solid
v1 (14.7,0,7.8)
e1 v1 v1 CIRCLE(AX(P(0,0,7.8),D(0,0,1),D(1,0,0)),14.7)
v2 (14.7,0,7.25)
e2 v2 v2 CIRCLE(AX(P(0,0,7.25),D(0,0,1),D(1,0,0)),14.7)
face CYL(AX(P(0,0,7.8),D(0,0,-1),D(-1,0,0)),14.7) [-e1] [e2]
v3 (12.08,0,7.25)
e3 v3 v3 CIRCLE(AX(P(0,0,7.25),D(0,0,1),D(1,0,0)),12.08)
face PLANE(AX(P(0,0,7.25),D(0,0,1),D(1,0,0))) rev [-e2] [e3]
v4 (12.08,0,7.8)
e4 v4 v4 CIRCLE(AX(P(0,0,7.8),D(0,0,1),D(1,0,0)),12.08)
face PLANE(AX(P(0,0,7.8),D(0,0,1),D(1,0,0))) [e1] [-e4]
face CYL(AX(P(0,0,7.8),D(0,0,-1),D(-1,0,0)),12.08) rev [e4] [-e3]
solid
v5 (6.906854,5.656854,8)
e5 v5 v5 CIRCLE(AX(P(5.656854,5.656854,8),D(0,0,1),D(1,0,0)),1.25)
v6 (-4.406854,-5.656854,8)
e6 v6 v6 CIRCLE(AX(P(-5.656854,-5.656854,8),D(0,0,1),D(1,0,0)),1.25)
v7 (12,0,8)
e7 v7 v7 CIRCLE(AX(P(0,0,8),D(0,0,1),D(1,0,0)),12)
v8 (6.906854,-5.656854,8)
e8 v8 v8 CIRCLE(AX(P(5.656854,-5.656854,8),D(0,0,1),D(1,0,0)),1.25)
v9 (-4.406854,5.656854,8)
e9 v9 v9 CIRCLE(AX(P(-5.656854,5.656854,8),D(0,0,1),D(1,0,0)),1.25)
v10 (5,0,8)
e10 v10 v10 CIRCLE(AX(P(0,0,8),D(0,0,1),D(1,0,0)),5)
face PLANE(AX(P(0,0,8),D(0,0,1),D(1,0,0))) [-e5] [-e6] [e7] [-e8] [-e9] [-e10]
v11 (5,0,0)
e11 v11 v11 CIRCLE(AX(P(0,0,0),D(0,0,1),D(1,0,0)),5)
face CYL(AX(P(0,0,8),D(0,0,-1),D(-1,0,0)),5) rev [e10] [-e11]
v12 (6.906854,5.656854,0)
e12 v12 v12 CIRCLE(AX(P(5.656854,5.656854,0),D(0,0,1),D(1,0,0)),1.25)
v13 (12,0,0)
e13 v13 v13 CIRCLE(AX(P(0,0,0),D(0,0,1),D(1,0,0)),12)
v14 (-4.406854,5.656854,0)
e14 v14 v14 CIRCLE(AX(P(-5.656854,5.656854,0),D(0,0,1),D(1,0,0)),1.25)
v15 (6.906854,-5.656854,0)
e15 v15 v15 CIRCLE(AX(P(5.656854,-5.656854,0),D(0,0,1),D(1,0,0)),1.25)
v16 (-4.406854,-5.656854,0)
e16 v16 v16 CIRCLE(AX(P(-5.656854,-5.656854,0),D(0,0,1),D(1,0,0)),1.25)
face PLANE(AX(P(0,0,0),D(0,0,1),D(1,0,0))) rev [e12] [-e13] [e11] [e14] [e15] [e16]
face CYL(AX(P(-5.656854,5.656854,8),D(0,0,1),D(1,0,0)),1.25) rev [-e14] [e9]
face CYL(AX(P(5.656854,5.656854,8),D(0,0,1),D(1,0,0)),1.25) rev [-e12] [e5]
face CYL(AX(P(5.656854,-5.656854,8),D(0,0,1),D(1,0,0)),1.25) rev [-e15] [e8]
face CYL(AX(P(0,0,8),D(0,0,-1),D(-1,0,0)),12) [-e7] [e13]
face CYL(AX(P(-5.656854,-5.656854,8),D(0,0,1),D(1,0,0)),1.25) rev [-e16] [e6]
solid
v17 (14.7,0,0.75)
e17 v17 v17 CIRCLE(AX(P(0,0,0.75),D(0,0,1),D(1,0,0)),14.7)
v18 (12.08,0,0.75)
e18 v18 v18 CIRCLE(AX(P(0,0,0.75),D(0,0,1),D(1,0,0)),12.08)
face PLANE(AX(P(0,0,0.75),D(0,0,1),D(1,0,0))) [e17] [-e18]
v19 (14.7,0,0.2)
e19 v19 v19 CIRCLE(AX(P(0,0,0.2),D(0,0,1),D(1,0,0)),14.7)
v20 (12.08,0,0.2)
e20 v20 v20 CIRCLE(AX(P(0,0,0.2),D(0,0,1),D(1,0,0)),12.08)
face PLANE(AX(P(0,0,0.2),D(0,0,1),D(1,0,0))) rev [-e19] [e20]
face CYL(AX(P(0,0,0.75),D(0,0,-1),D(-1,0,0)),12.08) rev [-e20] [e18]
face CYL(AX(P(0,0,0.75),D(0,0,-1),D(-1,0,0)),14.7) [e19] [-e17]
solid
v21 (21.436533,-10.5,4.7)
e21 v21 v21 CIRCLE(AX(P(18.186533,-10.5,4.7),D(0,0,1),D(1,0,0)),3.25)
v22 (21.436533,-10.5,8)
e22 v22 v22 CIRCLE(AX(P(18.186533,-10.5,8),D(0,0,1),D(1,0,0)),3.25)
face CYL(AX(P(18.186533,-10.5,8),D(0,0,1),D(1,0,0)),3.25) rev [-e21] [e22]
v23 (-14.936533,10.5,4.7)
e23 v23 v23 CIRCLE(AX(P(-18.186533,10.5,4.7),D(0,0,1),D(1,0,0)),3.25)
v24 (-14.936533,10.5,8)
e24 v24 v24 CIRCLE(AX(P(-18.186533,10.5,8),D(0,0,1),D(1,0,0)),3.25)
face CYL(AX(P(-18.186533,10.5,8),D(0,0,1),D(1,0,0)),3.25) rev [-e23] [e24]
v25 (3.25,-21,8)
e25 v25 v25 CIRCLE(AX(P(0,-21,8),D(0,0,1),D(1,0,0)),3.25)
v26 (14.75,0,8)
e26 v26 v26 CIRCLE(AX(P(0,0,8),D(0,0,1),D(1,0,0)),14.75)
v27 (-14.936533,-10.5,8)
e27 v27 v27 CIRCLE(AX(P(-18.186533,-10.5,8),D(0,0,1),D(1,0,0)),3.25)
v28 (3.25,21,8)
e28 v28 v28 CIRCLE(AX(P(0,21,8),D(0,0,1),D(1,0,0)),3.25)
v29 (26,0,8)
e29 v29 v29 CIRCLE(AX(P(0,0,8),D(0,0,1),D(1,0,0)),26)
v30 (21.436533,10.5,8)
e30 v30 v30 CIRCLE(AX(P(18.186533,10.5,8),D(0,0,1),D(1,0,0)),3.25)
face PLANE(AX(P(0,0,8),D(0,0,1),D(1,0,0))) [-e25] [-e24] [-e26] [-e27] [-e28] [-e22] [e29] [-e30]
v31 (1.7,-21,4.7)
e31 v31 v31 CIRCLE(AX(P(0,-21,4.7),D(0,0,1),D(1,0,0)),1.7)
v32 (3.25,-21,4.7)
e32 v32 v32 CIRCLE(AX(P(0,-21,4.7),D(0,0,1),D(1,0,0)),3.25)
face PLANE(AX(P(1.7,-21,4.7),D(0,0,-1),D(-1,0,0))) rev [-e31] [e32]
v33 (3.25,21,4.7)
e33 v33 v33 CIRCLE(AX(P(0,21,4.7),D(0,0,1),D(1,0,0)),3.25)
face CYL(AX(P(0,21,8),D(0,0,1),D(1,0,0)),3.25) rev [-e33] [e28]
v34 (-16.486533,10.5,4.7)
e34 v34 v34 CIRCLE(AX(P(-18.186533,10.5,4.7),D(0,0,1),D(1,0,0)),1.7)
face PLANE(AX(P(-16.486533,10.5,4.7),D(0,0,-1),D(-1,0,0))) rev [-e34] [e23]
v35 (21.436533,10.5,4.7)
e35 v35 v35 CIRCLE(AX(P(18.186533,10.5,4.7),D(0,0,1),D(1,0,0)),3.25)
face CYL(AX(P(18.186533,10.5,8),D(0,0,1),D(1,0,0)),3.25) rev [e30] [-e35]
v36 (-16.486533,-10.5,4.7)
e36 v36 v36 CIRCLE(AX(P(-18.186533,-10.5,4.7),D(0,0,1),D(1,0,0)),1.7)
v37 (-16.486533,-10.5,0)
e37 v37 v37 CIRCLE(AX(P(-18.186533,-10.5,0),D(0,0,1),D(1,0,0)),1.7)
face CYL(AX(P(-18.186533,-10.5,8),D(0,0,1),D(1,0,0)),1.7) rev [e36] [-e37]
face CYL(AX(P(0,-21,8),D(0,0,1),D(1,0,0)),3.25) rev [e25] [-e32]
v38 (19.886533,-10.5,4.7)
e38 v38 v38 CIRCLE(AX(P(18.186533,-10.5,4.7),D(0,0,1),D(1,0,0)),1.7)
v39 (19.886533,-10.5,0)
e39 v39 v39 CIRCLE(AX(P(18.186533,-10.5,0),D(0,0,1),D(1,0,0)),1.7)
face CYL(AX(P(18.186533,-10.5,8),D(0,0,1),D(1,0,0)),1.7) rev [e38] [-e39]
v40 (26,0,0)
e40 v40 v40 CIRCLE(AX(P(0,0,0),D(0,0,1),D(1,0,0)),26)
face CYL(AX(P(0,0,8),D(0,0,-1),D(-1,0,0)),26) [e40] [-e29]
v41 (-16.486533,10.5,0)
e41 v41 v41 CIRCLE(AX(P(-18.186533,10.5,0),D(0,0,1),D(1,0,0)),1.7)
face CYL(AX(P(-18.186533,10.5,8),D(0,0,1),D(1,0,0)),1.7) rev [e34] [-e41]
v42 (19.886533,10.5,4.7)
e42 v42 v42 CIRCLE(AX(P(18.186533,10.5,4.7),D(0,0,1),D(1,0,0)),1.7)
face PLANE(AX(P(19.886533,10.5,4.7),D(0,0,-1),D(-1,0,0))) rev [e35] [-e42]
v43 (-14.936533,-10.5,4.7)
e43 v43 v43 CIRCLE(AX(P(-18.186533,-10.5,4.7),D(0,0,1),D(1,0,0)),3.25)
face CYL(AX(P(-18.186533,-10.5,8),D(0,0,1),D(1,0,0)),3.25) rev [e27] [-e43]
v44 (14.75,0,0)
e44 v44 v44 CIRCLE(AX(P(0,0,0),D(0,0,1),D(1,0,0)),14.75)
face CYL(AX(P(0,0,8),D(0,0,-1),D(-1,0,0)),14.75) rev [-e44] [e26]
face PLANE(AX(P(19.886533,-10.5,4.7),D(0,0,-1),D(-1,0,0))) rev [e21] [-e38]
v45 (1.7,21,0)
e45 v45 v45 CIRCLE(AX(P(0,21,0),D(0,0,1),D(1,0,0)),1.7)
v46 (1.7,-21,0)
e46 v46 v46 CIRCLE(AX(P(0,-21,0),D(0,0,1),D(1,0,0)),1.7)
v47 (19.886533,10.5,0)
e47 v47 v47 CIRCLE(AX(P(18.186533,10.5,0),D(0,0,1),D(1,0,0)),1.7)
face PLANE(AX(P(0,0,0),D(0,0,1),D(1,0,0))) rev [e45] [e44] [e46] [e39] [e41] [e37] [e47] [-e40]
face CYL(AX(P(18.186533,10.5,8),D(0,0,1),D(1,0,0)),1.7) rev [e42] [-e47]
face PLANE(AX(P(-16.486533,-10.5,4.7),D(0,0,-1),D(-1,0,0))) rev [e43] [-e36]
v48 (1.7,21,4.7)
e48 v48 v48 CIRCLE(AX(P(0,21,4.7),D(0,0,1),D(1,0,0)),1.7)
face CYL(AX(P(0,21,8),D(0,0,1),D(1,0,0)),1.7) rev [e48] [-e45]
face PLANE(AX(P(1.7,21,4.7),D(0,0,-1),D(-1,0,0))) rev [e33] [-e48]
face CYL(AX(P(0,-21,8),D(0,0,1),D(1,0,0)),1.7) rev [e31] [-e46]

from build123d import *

# Parameters (mm, degrees)
D52_D29_5_8_2_R                    = 26
D52_D29_5_8_2_R_2                  = 14.75
D52_D29_5_8_DEPTH                  = 8
D10_D24_8_2_R                      = 12
D10_D24_8_2_R_2                    = 5
D10_D24_8_DEPTH                    = 8
F_6XD3_4_D6_5_3_3_PCD42_AT_2_COUNT = 2
F_6XD3_4_D6_5_3_3_PCD42_AT_2_PITCH = 21
F_6XD3_4_D6_5_3_3_PCD42_AT_3_COUNT = 2
F_6XD3_4_D6_5_3_3_PCD42_AT_3_PITCH = 36.373066959
F_6XD3_4_D6_5_3_3_PCD42_AT_4_COUNT = 2
F_6XD3_4_D6_5_3_3_PCD42_AT_4_PITCH = 42
F_6XD3_4_D6_5_3_3_PCD42_AT_5_COUNT = 2
F_6XD3_4_D6_5_3_3_PCD42_AT_5_PITCH = 36.373066959
F_6XD3_4_D6_5_3_3_PCD42_AT_6_COUNT = 2
F_6XD3_4_D6_5_3_3_PCD42_AT_6_PITCH = 21
SKETCH_6_W                         = 1.25
SKETCH_6_H                         = 8
F_4XM3X0_5_PCD16_AT_2_COUNT        = 2
F_4XM3X0_5_PCD16_AT_2_PITCH        = 11.313708499
F_4XM3X0_5_PCD16_AT_3_COUNT        = 2
F_4XM3X0_5_PCD16_AT_3_PITCH        = 16
F_4XM3X0_5_PCD16_AT_4_COUNT        = 2
F_4XM3X0_5_PCD16_AT_4_PITCH        = 11.313708499
EXTRUDE_START                      = 7.25
SKETCH_2073_R                      = 14.7
SKETCH_2073_R_2                    = 12.08
EXTRUDE_2084_DEPTH                 = 0.55
EXTRUDE_START_2                    = 0.2
SKETCH_2121_R                      = 14.7
SKETCH_2121_R_2                    = 12.08
EXTRUDE_2132_DEPTH                 = 0.55


with BuildPart() as part:
    # D52__D29.5__8 2 → D52__D29.5__8 (new body)
    with BuildSketch(Plane.XY):
        Circle(D52_D29_5_8_2_R)
        Circle(D52_D29_5_8_2_R_2, mode=Mode.SUBTRACT)
    extrude(amount=D52_D29_5_8_DEPTH)

    # 草图4 → 外圈_6xD3.4通孔_D6.5沉孔深3.3_PCD42 (revolve, cut)
    with BuildSketch(Plane(origin=(18.186533479, 10.5, 8), x_dir=(0, -1, 0), z_dir=(1, 0, 0))):
        Polygon((0, 0), (0, 8), (1.7, 8), (1.7, 3.3), (3.25, 3.3), (3.25, 0), align=None)
    f_6xd3_4_d6_5_3_3_pcd42 = revolve(axis=Axis((18.186533479, 10.5, 14.35), (0, 0, -1)), mode=Mode.SUBTRACT)

    # 外圈_6xD3.4通孔_D6.5沉孔深3.3_PCD42 at 2: 外圈_6xD3.4通孔_D6.5沉孔深3.3_PCD42 ×2
    with Locations(*[(0, -i * F_6XD3_4_D6_5_3_3_PCD42_AT_2_PITCH, 0) for i in range(1, F_6XD3_4_D6_5_3_3_PCD42_AT_2_COUNT)]):
        add(f_6xd3_4_d6_5_3_3_pcd42, mode=Mode.SUBTRACT)

    # 外圈_6xD3.4通孔_D6.5沉孔深3.3_PCD42 at 3: 外圈_6xD3.4通孔_D6.5沉孔深3.3_PCD42 ×2
    with Locations(*[Vector(-0.5000000000000001, -0.8660254037844386, 0) * (i * F_6XD3_4_D6_5_3_3_PCD42_AT_3_PITCH) for i in range(1, F_6XD3_4_D6_5_3_3_PCD42_AT_3_COUNT)]):
        add(f_6xd3_4_d6_5_3_3_pcd42, mode=Mode.SUBTRACT)

    # 外圈_6xD3.4通孔_D6.5沉孔深3.3_PCD42 at 4: 外圈_6xD3.4通孔_D6.5沉孔深3.3_PCD42 ×2
    with Locations(*[Vector(-0.8660254037844387, -0.49999999999999983, 0) * (i * F_6XD3_4_D6_5_3_3_PCD42_AT_4_PITCH) for i in range(1, F_6XD3_4_D6_5_3_3_PCD42_AT_4_COUNT)]):
        add(f_6xd3_4_d6_5_3_3_pcd42, mode=Mode.SUBTRACT)

    # 外圈_6xD3.4通孔_D6.5沉孔深3.3_PCD42 at 5: 外圈_6xD3.4通孔_D6.5沉孔深3.3_PCD42 ×2
    with Locations(*[(-i * F_6XD3_4_D6_5_3_3_PCD42_AT_5_PITCH, 0, 0) for i in range(1, F_6XD3_4_D6_5_3_3_PCD42_AT_5_COUNT)]):
        add(f_6xd3_4_d6_5_3_3_pcd42, mode=Mode.SUBTRACT)

    # 外圈_6xD3.4通孔_D6.5沉孔深3.3_PCD42 at 6: 外圈_6xD3.4通孔_D6.5沉孔深3.3_PCD42 ×2
    with Locations(*[Vector(-0.8660254037844387, 0.5, 0) * (i * F_6XD3_4_D6_5_3_3_PCD42_AT_6_PITCH) for i in range(1, F_6XD3_4_D6_5_3_3_PCD42_AT_6_COUNT)]):
        add(f_6xd3_4_d6_5_3_3_pcd42, mode=Mode.SUBTRACT)


with BuildPart() as body_2:
    # D10__D24__8 2 → D10__D24__8 (new body)
    with BuildSketch(Plane.XY):
        Circle(D10_D24_8_2_R)
        Circle(D10_D24_8_2_R_2, mode=Mode.SUBTRACT)
    extrude(amount=D10_D24_8_DEPTH)

    # 草图6 → 内圈_4xM3x0.5通螺纹_PCD16 (revolve, cut)
    with BuildSketch(Plane(origin=(5.656854249, -5.656854249, 8), x_dir=(0, -1, 0), z_dir=(1, 0, 0))):
        with Locations((0.625, 4)):
            Rectangle(SKETCH_6_W, SKETCH_6_H)
    f_4xm3x0_5_pcd16 = revolve(axis=Axis((5.656854249, -5.656854249, 14.35), (0, 0, -1)), mode=Mode.SUBTRACT)

    # 内圈_4xM3x0.5通螺纹_PCD16 at 2: 内圈_4xM3x0.5通螺纹_PCD16 ×2
    with Locations(*[(-i * F_4XM3X0_5_PCD16_AT_2_PITCH, 0, 0) for i in range(1, F_4XM3X0_5_PCD16_AT_2_COUNT)]):
        add(f_4xm3x0_5_pcd16, mode=Mode.SUBTRACT)

    # 内圈_4xM3x0.5通螺纹_PCD16 at 3: 内圈_4xM3x0.5通螺纹_PCD16 ×2
    with Locations(*[Vector(-0.7071067811865475, 0.7071067811865477, 0) * (i * F_4XM3X0_5_PCD16_AT_3_PITCH) for i in range(1, F_4XM3X0_5_PCD16_AT_3_COUNT)]):
        add(f_4xm3x0_5_pcd16, mode=Mode.SUBTRACT)

    # 内圈_4xM3x0.5通螺纹_PCD16 at 4: 内圈_4xM3x0.5通螺纹_PCD16 ×2
    with Locations(*[(0, i * F_4XM3X0_5_PCD16_AT_4_PITCH, 0) for i in range(1, F_4XM3X0_5_PCD16_AT_4_COUNT)]):
        add(f_4xm3x0_5_pcd16, mode=Mode.SUBTRACT)


with BuildPart() as body_3:
    # Sketch 2073 → Extrude 2084 (new body)
    with BuildSketch(Plane.XY.offset(EXTRUDE_START)):
        Circle(SKETCH_2073_R)
        Circle(SKETCH_2073_R_2, mode=Mode.SUBTRACT)
    extrude(amount=EXTRUDE_2084_DEPTH)


with BuildPart() as body_4:
    # Sketch 2121 → Extrude 2132 (new body)
    with BuildSketch(Plane.XY.offset(EXTRUDE_START_2)):
        Circle(SKETCH_2121_R)
        Circle(SKETCH_2121_R_2, mode=Mode.SUBTRACT)
    extrude(amount=EXTRUDE_2132_DEPTH)


solid = Compound([part.part, body_2.part, body_3.part, body_4.part])
